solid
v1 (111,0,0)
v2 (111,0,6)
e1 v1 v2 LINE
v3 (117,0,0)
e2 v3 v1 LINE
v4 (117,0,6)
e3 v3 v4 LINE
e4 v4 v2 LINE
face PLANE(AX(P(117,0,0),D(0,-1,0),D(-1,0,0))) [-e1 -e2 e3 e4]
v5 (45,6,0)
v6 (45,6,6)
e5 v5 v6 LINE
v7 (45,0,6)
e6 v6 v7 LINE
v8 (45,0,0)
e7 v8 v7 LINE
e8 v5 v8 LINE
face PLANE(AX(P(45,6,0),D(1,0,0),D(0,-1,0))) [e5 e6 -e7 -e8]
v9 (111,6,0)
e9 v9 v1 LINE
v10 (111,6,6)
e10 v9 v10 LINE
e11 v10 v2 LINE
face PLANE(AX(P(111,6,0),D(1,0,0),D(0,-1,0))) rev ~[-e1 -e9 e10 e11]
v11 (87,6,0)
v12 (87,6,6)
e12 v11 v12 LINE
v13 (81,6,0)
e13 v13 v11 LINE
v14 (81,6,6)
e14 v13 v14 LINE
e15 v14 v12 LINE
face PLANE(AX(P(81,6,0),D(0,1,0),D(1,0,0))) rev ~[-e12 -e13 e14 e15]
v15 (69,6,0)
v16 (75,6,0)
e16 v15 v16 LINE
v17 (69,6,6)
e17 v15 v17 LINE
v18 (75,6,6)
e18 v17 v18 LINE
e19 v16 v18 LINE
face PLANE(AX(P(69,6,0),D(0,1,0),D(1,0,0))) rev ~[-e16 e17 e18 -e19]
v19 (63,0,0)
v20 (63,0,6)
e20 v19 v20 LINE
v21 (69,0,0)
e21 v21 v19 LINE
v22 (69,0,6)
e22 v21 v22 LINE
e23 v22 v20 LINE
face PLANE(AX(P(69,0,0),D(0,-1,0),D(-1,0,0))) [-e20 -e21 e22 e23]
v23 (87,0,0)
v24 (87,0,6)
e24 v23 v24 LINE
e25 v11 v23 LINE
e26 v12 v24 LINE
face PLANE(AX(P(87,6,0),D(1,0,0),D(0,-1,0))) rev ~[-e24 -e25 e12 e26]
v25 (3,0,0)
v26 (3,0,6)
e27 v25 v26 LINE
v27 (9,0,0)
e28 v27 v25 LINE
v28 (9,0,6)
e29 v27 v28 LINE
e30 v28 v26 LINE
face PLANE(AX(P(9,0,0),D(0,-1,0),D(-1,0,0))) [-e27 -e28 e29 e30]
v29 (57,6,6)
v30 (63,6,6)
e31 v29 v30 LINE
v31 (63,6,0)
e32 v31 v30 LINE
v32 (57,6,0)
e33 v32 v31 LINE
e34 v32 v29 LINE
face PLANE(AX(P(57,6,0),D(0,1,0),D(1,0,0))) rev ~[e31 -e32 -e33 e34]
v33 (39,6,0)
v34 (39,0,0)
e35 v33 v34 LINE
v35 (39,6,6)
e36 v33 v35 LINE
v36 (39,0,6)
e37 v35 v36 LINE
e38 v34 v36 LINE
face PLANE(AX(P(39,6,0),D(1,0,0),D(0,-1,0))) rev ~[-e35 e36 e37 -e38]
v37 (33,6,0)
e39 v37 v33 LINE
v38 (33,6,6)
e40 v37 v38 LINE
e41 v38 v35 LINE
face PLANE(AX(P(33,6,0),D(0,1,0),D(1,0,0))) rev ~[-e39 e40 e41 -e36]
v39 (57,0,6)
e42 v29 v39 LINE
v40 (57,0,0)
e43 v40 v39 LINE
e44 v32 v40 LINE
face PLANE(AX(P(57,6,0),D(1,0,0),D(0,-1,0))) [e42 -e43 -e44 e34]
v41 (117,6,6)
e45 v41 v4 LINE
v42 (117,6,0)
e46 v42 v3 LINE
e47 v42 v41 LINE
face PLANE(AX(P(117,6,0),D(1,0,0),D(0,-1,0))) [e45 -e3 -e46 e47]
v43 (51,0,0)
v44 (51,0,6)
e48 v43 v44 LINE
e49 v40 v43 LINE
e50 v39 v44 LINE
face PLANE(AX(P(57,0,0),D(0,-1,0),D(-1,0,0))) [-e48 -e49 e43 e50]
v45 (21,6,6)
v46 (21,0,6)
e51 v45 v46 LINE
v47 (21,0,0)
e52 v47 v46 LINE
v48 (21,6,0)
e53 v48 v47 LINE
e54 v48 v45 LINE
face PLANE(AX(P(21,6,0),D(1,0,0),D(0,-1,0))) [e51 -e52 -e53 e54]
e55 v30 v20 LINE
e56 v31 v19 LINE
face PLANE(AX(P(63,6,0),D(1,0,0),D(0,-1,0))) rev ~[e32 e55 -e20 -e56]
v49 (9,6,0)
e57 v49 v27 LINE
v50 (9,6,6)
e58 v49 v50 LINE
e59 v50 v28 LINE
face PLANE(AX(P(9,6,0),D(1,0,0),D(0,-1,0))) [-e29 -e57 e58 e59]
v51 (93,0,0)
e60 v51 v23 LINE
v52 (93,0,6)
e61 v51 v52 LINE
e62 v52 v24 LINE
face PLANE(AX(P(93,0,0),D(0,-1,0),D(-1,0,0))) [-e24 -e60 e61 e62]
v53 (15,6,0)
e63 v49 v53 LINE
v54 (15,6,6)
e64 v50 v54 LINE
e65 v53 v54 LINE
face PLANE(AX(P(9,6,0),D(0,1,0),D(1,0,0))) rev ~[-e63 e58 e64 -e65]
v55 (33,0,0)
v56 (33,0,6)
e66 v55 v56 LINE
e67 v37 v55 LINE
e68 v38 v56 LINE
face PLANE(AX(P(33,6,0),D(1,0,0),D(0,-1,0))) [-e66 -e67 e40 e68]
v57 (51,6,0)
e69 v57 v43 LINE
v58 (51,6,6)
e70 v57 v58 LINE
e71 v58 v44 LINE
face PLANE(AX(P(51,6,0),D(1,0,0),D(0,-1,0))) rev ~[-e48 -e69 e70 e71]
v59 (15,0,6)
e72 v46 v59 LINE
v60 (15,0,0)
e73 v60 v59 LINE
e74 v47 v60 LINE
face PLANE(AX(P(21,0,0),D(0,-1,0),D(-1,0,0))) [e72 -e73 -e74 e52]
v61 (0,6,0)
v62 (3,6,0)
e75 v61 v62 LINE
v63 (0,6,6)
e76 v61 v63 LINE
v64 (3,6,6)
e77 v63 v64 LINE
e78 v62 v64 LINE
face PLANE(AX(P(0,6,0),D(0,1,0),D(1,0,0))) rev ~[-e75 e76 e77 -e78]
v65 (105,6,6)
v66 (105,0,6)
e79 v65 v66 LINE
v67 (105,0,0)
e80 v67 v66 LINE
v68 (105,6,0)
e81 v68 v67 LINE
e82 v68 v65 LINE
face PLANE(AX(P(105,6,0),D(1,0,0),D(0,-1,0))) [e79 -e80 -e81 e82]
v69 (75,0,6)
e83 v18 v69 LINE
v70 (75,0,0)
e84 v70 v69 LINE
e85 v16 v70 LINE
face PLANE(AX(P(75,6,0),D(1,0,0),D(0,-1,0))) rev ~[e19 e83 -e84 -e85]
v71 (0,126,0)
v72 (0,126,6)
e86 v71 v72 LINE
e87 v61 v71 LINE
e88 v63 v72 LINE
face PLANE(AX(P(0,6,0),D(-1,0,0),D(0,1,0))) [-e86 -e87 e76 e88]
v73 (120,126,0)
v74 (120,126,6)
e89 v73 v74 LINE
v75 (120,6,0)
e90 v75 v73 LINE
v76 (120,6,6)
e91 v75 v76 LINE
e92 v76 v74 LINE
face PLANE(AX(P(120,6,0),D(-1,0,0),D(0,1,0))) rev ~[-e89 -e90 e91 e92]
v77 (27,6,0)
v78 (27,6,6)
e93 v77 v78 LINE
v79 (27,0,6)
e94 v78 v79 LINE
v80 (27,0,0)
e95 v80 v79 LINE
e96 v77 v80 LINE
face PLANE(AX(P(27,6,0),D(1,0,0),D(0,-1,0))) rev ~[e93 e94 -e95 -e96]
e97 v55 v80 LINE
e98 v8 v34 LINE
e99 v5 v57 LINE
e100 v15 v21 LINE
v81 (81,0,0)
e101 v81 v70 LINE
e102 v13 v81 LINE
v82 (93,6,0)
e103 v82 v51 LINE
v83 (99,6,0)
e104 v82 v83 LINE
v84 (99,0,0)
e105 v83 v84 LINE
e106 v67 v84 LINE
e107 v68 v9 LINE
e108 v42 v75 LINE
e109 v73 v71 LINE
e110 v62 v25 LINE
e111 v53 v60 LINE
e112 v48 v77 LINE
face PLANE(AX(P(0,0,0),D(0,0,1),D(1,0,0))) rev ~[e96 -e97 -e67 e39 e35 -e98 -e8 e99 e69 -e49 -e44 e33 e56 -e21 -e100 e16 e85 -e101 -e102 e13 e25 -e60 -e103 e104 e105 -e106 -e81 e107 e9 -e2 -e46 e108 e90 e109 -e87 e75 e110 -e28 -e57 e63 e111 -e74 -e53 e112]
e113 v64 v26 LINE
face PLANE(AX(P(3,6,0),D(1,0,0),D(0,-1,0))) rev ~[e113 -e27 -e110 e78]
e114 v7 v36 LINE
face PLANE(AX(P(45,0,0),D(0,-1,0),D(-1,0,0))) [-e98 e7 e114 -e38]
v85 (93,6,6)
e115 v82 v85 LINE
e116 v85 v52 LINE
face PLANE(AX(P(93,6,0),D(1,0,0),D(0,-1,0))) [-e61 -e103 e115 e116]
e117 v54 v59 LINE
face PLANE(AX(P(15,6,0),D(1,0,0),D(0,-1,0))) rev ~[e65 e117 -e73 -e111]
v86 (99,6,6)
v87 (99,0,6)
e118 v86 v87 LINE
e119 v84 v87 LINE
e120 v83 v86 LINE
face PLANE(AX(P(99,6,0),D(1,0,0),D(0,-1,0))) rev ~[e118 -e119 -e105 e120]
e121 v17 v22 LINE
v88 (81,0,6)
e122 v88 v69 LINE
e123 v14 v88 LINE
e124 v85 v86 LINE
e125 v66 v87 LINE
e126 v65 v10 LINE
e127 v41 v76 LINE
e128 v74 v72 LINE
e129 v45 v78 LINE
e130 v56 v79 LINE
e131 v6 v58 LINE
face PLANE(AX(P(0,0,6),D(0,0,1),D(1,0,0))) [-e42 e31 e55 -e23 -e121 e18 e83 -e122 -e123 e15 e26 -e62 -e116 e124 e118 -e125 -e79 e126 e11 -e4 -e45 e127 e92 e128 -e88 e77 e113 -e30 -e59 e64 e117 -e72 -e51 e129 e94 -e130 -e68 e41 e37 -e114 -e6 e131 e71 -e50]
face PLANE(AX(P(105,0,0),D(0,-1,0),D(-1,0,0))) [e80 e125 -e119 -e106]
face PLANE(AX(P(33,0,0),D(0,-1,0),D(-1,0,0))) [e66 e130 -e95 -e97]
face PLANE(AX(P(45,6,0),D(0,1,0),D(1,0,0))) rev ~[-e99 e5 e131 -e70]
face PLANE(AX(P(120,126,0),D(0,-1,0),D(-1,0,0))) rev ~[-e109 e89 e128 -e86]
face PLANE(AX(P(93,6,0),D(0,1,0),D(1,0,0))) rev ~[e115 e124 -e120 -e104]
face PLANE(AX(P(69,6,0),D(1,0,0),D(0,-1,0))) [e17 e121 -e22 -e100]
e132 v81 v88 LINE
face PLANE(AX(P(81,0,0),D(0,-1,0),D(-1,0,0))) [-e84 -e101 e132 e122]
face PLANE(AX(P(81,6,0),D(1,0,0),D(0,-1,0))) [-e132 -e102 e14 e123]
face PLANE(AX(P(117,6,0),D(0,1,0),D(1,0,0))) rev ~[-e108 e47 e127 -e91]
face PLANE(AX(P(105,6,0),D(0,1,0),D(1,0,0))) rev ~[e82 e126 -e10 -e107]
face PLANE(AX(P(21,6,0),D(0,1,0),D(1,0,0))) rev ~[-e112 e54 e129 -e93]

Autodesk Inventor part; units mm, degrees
ref_plane "YZ Plane" through (0, 0, 0) normal (1, 0, 0) x (0, 1, 0)
ref_plane "XZ Plane" through (0, 0, 0) normal (0, 1, 0) x (-1, 0, 0)
ref_plane "XY Plane" through (0, 0, 0) normal (0, 0, 1) x (1, 0, 0)
sketch "Sketch1" plane through (0, 0, 0) normal (0, 0, 1) x (1, 0, 0)
  line L0 (0, 6) -> (120, 6)
  line L1 (120, 6) -> (120, 0)
  line L2 (120, 0) -> (0, 0)
  line L3 (0, 0) -> (0, 6)
  line L4 (3, 6) -> (3, 0)
  line L5 (9, 6) -> (9, 0)
  line L6 (9, 6) -> (9, 0)
  line L7 (15, 6) -> (15, 0)
  line L8 (15, 6) -> (15, 0)
  line L9 (21, 6) -> (21, 0)
  line L10 (21, 6) -> (21, 0)
  line L11 (27, 6) -> (27, 0)
  line L12 (27, 6) -> (27, 0)
  line L13 (33, 6) -> (33, 0)
  line L14 (33, 6) -> (33, 0)
  line L15 (39, 6) -> (39, 0)
  line L16 (39, 6) -> (39, 0)
  line L17 (45, 6) -> (45, 0)
  line L18 (45, 6) -> (45, 0)
  line L19 (51, 6) -> (51, 0)
  line L20 (51, 6) -> (51, 0)
  line L21 (57, 6) -> (57, 0)
  line L22 (57, 6) -> (57, 0)
  line L23 (63, 6) -> (63, 0)
  line L24 (63, 6) -> (63, 0)
  line L25 (69, 6) -> (69, 0)
  line L26 (69, 6) -> (69, 0)
  line L27 (75, 6) -> (75, 0)
  line L28 (75, 6) -> (75, 0)
  line L29 (81, 6) -> (81, 0)
  line L30 (81, 6) -> (81, 0)
  line L31 (87, 6) -> (87, 0)
  line L32 (87, 6) -> (87, 0)
  line L33 (93, 6) -> (93, 0)
  line L34 (93, 6) -> (93, 0)
  line L35 (99, 6) -> (99, 0)
  line L36 (99, 6) -> (99, 0)
  line L37 (105, 6) -> (105, 0)
  line L38 (105, 6) -> (105, 0)
  line L39 (111, 6) -> (111, 0)
  line L40 (111, 6) -> (111, 0)
  line L41 (117, 6) -> (117, 0)
  line L42 (0, 6) -> (0, 126)
  line L43 (120, 6) -> (120, 126)
  line L44 (120, 126) -> (0, 126)
  point P0 (0, 3)
  point P1 (3, 3)
  point P2 (9, 3)
  point P3 (15, 3)
  point P4 (21, 3)
  point P5 (27, 3)
  point P6 (33, 3)
  point P7 (39, 3)
  point P8 (45, 3)
  point P9 (51, 3)
  point P10 (57, 3)
  point P11 (63, 3)
  point P12 (69, 3)
  point P13 (75, 3)
  point P14 (81, 3)
  point P15 (87, 3)
  point P16 (93, 3)
  point P17 (99, 3)
  point P18 (105, 3)
  point P19 (111, 3)
  dimension "d4" = 120
  dimension "d5" = 6
  dimension "d6" = 3
  dimension "d7" = 6
  dimension "d8" = 6
  dimension "d10" = 120
  dimension "d11" = 120
extrude "Extrusion1" add sketch "Sketch1" along normal blind 6 contours L42 L44 L43 L0 | L0 L5 L2 L4 | L0 L9 L2 L7 | L41 L2 L39 L0 | L0 L13 L2 L11 | L37 L2 L35 L0 | L0 L17 L2 L15 | L33 L2 L31 L0 | L0 L21 L2 L19 | L29 L2 L27 L0 | L0 L25 L2 L23
properties part number "wall inteface V1"
